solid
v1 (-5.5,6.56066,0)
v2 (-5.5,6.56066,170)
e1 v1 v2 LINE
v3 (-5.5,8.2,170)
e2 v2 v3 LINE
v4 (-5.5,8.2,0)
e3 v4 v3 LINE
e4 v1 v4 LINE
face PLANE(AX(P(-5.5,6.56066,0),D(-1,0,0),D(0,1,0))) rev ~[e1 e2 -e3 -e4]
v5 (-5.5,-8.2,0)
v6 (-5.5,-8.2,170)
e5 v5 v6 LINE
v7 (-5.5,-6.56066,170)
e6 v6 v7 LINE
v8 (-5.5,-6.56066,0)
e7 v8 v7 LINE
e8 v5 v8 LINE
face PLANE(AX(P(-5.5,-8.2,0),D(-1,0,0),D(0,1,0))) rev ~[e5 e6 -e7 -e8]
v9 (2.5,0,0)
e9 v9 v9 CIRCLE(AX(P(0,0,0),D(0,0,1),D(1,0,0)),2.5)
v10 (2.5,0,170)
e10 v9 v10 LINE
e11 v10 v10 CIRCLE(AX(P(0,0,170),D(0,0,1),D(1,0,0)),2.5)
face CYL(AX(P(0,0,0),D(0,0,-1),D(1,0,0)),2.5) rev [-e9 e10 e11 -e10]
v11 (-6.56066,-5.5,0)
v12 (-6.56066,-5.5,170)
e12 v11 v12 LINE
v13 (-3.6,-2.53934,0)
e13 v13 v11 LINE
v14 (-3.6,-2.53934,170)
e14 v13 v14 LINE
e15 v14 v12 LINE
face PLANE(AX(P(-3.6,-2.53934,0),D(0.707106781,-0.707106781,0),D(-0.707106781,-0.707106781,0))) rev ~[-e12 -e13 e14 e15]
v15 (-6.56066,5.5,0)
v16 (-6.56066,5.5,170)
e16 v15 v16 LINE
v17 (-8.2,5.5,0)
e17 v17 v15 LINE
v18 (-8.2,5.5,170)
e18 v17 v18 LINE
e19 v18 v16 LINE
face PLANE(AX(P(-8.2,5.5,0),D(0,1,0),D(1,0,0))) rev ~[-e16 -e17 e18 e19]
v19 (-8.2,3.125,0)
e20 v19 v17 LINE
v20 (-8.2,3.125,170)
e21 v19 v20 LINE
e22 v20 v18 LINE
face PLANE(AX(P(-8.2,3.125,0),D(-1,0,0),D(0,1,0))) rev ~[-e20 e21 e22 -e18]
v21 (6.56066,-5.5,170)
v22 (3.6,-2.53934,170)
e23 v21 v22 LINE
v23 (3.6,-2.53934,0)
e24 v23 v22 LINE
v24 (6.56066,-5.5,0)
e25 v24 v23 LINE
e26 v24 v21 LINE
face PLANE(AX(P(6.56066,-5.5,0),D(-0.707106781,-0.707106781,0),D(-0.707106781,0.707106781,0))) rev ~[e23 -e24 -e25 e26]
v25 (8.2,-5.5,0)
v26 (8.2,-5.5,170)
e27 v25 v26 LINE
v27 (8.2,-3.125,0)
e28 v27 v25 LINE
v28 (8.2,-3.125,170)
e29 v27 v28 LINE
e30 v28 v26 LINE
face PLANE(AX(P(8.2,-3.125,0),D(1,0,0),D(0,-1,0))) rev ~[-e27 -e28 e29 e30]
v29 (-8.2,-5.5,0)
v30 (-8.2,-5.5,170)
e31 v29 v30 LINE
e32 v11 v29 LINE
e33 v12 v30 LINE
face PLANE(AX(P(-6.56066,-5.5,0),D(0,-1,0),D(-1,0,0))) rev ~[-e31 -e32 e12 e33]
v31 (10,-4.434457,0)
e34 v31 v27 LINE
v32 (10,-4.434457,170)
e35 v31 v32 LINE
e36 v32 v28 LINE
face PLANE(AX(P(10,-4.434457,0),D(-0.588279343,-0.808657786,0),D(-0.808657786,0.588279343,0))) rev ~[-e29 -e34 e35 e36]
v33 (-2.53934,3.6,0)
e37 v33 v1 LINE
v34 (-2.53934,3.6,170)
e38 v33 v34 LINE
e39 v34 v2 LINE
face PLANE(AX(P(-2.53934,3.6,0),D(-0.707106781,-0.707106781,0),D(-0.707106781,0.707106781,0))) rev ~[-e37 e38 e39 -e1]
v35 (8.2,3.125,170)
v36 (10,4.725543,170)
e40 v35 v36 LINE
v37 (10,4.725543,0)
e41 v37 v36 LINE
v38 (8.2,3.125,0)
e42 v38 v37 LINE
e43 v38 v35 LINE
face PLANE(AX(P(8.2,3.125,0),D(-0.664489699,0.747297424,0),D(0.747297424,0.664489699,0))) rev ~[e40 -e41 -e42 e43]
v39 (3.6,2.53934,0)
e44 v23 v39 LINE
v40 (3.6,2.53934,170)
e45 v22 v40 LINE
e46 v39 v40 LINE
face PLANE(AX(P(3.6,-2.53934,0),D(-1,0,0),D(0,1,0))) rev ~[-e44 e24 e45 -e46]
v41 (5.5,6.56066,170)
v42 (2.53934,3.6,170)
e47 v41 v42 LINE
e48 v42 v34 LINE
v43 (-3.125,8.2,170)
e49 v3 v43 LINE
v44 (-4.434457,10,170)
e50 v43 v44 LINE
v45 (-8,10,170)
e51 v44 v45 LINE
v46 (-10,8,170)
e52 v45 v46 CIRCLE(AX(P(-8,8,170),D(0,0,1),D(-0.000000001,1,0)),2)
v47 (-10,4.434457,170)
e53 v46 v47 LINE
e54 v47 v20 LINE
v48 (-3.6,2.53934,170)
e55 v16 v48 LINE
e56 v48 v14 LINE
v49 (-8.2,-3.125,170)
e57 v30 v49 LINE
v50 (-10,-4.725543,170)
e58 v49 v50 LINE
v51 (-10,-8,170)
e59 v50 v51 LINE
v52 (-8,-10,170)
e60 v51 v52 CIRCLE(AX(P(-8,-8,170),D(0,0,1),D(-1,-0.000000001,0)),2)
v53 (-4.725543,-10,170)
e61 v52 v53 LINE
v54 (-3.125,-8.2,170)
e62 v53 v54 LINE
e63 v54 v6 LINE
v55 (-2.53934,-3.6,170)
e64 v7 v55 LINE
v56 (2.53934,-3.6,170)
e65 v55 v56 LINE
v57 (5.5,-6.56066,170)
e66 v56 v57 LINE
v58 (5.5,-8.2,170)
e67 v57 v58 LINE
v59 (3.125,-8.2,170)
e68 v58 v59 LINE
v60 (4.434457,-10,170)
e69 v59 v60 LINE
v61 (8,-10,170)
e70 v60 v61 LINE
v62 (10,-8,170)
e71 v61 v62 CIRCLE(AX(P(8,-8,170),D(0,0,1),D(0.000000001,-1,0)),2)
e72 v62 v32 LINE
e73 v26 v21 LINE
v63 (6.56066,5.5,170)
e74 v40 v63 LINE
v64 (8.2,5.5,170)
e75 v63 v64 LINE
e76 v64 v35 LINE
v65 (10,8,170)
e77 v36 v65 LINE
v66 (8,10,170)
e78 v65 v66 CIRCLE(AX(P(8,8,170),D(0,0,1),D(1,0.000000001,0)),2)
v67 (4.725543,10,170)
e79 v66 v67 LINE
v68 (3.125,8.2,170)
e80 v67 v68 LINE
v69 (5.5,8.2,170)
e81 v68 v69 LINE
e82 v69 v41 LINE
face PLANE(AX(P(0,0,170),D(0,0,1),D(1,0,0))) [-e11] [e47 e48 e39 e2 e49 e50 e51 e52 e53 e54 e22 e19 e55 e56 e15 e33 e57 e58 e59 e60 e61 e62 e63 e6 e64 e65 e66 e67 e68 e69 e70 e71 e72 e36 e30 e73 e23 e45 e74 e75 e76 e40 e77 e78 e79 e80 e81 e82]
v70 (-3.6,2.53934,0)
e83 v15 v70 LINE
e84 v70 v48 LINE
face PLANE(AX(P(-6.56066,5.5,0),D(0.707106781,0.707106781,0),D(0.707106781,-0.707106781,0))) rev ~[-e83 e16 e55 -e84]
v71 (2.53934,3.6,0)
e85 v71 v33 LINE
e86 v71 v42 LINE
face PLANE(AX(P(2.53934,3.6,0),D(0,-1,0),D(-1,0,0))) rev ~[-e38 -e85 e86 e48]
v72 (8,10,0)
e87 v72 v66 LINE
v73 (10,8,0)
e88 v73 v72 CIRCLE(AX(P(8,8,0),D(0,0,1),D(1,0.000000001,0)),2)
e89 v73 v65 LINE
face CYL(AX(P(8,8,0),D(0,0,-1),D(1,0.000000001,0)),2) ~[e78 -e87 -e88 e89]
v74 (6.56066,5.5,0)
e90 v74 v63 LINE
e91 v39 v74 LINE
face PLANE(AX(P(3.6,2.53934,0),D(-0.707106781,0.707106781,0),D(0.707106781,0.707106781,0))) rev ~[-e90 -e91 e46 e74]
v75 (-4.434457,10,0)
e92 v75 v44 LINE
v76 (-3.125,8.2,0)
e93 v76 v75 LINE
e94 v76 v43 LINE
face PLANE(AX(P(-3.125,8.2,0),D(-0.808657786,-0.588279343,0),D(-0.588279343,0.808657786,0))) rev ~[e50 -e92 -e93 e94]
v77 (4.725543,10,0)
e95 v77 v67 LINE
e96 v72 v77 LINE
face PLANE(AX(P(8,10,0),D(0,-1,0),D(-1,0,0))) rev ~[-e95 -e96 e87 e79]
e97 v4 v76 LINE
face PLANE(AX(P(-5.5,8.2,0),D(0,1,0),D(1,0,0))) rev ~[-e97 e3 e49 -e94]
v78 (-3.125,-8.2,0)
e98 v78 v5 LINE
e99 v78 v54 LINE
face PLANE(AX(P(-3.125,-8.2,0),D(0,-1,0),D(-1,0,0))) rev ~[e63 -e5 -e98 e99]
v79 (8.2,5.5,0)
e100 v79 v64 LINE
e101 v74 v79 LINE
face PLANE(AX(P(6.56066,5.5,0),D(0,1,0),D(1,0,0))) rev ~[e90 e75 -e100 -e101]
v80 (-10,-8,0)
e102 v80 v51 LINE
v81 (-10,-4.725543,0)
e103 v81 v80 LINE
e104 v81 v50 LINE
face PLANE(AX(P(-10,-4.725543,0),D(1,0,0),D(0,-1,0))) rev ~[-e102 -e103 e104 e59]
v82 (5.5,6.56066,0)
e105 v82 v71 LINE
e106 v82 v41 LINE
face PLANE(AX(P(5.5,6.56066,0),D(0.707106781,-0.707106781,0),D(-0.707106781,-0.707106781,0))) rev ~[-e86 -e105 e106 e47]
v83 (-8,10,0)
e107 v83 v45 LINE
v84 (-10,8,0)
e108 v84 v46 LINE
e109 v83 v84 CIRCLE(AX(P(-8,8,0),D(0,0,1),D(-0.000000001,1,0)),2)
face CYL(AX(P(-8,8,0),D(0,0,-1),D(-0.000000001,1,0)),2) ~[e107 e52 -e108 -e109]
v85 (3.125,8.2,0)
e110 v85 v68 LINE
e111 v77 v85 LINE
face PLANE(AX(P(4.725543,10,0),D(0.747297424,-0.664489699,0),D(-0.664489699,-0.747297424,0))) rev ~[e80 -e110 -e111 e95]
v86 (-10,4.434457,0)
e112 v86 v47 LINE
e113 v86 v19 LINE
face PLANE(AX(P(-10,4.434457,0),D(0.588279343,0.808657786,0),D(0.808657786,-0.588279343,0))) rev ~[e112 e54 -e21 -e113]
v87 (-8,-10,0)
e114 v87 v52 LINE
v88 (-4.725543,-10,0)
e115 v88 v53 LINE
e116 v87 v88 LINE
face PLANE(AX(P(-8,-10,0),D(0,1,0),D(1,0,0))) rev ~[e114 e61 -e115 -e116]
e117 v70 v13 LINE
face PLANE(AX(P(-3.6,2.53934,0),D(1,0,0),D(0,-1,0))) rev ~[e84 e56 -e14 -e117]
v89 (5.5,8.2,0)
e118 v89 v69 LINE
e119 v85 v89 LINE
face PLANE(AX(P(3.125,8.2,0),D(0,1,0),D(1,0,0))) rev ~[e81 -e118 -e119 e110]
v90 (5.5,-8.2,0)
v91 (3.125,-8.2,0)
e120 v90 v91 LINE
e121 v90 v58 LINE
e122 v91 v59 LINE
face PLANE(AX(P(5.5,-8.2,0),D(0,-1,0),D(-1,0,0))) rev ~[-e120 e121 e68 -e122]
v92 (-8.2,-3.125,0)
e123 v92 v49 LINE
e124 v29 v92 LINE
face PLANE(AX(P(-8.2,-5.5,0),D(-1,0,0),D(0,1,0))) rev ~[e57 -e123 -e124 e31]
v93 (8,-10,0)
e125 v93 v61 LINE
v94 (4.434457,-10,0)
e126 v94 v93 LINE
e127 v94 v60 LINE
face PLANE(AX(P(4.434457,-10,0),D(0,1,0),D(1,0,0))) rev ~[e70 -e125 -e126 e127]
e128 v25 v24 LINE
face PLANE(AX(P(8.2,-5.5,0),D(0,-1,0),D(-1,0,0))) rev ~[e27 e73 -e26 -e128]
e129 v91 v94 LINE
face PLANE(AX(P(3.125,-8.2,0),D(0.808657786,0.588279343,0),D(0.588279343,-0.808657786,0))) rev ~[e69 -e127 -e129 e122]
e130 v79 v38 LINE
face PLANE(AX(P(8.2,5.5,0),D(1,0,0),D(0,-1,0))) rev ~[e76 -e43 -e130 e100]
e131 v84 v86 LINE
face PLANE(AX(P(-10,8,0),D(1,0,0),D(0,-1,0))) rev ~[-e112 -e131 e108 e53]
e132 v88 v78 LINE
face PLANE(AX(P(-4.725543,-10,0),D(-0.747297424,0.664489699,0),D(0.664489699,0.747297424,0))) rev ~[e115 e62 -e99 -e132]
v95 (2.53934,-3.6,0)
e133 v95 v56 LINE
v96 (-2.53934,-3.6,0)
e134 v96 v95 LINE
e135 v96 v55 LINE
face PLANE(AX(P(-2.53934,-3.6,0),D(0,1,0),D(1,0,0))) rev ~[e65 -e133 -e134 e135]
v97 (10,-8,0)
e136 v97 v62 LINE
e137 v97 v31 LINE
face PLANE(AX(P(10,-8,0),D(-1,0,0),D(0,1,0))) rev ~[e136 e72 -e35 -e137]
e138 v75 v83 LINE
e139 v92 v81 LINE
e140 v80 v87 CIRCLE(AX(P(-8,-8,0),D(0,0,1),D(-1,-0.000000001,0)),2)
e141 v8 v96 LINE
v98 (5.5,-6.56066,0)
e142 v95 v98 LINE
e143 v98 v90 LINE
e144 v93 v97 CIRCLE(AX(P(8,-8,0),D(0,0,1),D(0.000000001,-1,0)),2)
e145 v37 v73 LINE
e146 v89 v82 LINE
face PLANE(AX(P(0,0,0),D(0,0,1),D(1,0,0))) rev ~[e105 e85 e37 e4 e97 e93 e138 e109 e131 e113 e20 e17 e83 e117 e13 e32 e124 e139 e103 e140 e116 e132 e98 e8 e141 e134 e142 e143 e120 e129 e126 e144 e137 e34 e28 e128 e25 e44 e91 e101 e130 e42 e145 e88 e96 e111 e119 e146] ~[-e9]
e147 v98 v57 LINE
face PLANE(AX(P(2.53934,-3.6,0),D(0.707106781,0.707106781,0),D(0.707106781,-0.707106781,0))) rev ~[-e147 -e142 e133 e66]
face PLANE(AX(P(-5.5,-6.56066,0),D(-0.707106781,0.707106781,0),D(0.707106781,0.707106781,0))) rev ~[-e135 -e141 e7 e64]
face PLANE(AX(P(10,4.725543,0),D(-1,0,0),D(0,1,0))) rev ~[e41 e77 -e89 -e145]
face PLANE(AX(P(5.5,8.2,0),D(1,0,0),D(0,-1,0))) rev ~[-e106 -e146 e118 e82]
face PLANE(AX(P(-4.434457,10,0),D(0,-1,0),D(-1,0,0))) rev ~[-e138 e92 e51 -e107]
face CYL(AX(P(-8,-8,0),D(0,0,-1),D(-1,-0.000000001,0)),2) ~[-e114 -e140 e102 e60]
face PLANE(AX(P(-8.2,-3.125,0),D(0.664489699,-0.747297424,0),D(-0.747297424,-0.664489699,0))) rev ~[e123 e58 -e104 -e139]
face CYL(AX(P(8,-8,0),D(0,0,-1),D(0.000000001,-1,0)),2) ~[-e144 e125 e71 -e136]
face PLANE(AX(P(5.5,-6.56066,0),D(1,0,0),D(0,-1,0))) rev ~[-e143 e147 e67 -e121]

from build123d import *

# Parameters (mm, degrees)
SKETCH1_R               = 2.5
ALUMINIUM_PROFILE_DEPTH = 170


with BuildPart() as part:
    # Sketch1 → Aluminium_profile (new body)
    with BuildSketch(Plane.XY):
        with BuildLine():
            Line((-4.725542729, -10), (-3.125, -8.2))
            Line((-3.125, -8.2), (-5.5, -8.2))
            Line((-5.5, -8.2), (-5.5, -6.560660172))
            Line((-5.5, -6.560660172), (-2.539339828, -3.6))
            Line((-2.539339828, -3.6), (2.539339828, -3.6))
            Line((2.539339828, -3.6), (5.5, -6.560660172))
            Line((5.5, -6.560660172), (5.5, -8.2))
            Line((5.5, -8.2), (3.125, -8.2))
            Line((3.125, -8.2), (4.434457271, -10))
            Line((4.434457271, -10), (8, -10))
            ThreePointArc((8, -10), (9.414213562, -9.414213562), (10, -8))
            Line((10, -8), (10, -4.434457271))
            Line((10, -4.434457271), (8.2, -3.125))
            Line((8.2, -3.125), (8.2, -5.5))
            Line((8.2, -5.5), (6.560660172, -5.5))
            Line((6.560660172, -5.5), (3.6, -2.539339828))
            Line((3.6, -2.539339828), (3.6, 2.539339828))
            Line((3.6, 2.539339828), (6.560660172, 5.5))
            Line((6.560660172, 5.5), (8.2, 5.5))
            Line((8.2, 5.5), (8.2, 3.125))
            Line((8.2, 3.125), (10, 4.725542729))
            Line((10, 4.725542729), (10, 8))
            ThreePointArc((10, 8), (9.414213562, 9.414213562), (8, 10))
            Line((8, 10), (4.725542729, 10))
            Line((4.725542729, 10), (3.125, 8.2))
            Line((3.125, 8.2), (5.5, 8.2))
            Line((5.5, 8.2), (5.5, 6.560660172))
            Line((5.5, 6.560660172), (2.539339828, 3.6))
            Line((2.539339828, 3.6), (-2.539339828, 3.6))
            Line((-2.539339828, 3.6), (-5.5, 6.560660172))
            Line((-5.5, 6.560660172), (-5.5, 8.2))
            Line((-5.5, 8.2), (-3.125, 8.2))
            Line((-3.125, 8.2), (-4.434457271, 10))
            Line((-4.434457271, 10), (-8, 10))
            ThreePointArc((-8, 10), (-9.414213562, 9.414213562), (-10, 8))
            Line((-10, 8), (-10, 4.434457271))
            Line((-10, 4.434457271), (-8.2, 3.125))
            Line((-8.2, 3.125), (-8.2, 5.5))
            Line((-8.2, 5.5), (-6.560660172, 5.5))
            Line((-6.560660172, 5.5), (-3.6, 2.539339828))
            Line((-3.6, 2.539339828), (-3.6, -2.539339828))
            Line((-3.6, -2.539339828), (-6.560660172, -5.5))
            Line((-6.560660172, -5.5), (-8.2, -5.5))
            Line((-8.2, -5.5), (-8.2, -3.125))
            Line((-8.2, -3.125), (-10, -4.725542729))
            Line((-10, -4.725542729), (-10, -8))
            ThreePointArc((-10, -8), (-9.414213562, -9.414213562), (-8, -10))
            Line((-8, -10), (-4.725542729, -10))
        make_face()
        Circle(SKETCH1_R, mode=Mode.SUBTRACT)
    extrude(amount=ALUMINIUM_PROFILE_DEPTH)


solid = part.part
